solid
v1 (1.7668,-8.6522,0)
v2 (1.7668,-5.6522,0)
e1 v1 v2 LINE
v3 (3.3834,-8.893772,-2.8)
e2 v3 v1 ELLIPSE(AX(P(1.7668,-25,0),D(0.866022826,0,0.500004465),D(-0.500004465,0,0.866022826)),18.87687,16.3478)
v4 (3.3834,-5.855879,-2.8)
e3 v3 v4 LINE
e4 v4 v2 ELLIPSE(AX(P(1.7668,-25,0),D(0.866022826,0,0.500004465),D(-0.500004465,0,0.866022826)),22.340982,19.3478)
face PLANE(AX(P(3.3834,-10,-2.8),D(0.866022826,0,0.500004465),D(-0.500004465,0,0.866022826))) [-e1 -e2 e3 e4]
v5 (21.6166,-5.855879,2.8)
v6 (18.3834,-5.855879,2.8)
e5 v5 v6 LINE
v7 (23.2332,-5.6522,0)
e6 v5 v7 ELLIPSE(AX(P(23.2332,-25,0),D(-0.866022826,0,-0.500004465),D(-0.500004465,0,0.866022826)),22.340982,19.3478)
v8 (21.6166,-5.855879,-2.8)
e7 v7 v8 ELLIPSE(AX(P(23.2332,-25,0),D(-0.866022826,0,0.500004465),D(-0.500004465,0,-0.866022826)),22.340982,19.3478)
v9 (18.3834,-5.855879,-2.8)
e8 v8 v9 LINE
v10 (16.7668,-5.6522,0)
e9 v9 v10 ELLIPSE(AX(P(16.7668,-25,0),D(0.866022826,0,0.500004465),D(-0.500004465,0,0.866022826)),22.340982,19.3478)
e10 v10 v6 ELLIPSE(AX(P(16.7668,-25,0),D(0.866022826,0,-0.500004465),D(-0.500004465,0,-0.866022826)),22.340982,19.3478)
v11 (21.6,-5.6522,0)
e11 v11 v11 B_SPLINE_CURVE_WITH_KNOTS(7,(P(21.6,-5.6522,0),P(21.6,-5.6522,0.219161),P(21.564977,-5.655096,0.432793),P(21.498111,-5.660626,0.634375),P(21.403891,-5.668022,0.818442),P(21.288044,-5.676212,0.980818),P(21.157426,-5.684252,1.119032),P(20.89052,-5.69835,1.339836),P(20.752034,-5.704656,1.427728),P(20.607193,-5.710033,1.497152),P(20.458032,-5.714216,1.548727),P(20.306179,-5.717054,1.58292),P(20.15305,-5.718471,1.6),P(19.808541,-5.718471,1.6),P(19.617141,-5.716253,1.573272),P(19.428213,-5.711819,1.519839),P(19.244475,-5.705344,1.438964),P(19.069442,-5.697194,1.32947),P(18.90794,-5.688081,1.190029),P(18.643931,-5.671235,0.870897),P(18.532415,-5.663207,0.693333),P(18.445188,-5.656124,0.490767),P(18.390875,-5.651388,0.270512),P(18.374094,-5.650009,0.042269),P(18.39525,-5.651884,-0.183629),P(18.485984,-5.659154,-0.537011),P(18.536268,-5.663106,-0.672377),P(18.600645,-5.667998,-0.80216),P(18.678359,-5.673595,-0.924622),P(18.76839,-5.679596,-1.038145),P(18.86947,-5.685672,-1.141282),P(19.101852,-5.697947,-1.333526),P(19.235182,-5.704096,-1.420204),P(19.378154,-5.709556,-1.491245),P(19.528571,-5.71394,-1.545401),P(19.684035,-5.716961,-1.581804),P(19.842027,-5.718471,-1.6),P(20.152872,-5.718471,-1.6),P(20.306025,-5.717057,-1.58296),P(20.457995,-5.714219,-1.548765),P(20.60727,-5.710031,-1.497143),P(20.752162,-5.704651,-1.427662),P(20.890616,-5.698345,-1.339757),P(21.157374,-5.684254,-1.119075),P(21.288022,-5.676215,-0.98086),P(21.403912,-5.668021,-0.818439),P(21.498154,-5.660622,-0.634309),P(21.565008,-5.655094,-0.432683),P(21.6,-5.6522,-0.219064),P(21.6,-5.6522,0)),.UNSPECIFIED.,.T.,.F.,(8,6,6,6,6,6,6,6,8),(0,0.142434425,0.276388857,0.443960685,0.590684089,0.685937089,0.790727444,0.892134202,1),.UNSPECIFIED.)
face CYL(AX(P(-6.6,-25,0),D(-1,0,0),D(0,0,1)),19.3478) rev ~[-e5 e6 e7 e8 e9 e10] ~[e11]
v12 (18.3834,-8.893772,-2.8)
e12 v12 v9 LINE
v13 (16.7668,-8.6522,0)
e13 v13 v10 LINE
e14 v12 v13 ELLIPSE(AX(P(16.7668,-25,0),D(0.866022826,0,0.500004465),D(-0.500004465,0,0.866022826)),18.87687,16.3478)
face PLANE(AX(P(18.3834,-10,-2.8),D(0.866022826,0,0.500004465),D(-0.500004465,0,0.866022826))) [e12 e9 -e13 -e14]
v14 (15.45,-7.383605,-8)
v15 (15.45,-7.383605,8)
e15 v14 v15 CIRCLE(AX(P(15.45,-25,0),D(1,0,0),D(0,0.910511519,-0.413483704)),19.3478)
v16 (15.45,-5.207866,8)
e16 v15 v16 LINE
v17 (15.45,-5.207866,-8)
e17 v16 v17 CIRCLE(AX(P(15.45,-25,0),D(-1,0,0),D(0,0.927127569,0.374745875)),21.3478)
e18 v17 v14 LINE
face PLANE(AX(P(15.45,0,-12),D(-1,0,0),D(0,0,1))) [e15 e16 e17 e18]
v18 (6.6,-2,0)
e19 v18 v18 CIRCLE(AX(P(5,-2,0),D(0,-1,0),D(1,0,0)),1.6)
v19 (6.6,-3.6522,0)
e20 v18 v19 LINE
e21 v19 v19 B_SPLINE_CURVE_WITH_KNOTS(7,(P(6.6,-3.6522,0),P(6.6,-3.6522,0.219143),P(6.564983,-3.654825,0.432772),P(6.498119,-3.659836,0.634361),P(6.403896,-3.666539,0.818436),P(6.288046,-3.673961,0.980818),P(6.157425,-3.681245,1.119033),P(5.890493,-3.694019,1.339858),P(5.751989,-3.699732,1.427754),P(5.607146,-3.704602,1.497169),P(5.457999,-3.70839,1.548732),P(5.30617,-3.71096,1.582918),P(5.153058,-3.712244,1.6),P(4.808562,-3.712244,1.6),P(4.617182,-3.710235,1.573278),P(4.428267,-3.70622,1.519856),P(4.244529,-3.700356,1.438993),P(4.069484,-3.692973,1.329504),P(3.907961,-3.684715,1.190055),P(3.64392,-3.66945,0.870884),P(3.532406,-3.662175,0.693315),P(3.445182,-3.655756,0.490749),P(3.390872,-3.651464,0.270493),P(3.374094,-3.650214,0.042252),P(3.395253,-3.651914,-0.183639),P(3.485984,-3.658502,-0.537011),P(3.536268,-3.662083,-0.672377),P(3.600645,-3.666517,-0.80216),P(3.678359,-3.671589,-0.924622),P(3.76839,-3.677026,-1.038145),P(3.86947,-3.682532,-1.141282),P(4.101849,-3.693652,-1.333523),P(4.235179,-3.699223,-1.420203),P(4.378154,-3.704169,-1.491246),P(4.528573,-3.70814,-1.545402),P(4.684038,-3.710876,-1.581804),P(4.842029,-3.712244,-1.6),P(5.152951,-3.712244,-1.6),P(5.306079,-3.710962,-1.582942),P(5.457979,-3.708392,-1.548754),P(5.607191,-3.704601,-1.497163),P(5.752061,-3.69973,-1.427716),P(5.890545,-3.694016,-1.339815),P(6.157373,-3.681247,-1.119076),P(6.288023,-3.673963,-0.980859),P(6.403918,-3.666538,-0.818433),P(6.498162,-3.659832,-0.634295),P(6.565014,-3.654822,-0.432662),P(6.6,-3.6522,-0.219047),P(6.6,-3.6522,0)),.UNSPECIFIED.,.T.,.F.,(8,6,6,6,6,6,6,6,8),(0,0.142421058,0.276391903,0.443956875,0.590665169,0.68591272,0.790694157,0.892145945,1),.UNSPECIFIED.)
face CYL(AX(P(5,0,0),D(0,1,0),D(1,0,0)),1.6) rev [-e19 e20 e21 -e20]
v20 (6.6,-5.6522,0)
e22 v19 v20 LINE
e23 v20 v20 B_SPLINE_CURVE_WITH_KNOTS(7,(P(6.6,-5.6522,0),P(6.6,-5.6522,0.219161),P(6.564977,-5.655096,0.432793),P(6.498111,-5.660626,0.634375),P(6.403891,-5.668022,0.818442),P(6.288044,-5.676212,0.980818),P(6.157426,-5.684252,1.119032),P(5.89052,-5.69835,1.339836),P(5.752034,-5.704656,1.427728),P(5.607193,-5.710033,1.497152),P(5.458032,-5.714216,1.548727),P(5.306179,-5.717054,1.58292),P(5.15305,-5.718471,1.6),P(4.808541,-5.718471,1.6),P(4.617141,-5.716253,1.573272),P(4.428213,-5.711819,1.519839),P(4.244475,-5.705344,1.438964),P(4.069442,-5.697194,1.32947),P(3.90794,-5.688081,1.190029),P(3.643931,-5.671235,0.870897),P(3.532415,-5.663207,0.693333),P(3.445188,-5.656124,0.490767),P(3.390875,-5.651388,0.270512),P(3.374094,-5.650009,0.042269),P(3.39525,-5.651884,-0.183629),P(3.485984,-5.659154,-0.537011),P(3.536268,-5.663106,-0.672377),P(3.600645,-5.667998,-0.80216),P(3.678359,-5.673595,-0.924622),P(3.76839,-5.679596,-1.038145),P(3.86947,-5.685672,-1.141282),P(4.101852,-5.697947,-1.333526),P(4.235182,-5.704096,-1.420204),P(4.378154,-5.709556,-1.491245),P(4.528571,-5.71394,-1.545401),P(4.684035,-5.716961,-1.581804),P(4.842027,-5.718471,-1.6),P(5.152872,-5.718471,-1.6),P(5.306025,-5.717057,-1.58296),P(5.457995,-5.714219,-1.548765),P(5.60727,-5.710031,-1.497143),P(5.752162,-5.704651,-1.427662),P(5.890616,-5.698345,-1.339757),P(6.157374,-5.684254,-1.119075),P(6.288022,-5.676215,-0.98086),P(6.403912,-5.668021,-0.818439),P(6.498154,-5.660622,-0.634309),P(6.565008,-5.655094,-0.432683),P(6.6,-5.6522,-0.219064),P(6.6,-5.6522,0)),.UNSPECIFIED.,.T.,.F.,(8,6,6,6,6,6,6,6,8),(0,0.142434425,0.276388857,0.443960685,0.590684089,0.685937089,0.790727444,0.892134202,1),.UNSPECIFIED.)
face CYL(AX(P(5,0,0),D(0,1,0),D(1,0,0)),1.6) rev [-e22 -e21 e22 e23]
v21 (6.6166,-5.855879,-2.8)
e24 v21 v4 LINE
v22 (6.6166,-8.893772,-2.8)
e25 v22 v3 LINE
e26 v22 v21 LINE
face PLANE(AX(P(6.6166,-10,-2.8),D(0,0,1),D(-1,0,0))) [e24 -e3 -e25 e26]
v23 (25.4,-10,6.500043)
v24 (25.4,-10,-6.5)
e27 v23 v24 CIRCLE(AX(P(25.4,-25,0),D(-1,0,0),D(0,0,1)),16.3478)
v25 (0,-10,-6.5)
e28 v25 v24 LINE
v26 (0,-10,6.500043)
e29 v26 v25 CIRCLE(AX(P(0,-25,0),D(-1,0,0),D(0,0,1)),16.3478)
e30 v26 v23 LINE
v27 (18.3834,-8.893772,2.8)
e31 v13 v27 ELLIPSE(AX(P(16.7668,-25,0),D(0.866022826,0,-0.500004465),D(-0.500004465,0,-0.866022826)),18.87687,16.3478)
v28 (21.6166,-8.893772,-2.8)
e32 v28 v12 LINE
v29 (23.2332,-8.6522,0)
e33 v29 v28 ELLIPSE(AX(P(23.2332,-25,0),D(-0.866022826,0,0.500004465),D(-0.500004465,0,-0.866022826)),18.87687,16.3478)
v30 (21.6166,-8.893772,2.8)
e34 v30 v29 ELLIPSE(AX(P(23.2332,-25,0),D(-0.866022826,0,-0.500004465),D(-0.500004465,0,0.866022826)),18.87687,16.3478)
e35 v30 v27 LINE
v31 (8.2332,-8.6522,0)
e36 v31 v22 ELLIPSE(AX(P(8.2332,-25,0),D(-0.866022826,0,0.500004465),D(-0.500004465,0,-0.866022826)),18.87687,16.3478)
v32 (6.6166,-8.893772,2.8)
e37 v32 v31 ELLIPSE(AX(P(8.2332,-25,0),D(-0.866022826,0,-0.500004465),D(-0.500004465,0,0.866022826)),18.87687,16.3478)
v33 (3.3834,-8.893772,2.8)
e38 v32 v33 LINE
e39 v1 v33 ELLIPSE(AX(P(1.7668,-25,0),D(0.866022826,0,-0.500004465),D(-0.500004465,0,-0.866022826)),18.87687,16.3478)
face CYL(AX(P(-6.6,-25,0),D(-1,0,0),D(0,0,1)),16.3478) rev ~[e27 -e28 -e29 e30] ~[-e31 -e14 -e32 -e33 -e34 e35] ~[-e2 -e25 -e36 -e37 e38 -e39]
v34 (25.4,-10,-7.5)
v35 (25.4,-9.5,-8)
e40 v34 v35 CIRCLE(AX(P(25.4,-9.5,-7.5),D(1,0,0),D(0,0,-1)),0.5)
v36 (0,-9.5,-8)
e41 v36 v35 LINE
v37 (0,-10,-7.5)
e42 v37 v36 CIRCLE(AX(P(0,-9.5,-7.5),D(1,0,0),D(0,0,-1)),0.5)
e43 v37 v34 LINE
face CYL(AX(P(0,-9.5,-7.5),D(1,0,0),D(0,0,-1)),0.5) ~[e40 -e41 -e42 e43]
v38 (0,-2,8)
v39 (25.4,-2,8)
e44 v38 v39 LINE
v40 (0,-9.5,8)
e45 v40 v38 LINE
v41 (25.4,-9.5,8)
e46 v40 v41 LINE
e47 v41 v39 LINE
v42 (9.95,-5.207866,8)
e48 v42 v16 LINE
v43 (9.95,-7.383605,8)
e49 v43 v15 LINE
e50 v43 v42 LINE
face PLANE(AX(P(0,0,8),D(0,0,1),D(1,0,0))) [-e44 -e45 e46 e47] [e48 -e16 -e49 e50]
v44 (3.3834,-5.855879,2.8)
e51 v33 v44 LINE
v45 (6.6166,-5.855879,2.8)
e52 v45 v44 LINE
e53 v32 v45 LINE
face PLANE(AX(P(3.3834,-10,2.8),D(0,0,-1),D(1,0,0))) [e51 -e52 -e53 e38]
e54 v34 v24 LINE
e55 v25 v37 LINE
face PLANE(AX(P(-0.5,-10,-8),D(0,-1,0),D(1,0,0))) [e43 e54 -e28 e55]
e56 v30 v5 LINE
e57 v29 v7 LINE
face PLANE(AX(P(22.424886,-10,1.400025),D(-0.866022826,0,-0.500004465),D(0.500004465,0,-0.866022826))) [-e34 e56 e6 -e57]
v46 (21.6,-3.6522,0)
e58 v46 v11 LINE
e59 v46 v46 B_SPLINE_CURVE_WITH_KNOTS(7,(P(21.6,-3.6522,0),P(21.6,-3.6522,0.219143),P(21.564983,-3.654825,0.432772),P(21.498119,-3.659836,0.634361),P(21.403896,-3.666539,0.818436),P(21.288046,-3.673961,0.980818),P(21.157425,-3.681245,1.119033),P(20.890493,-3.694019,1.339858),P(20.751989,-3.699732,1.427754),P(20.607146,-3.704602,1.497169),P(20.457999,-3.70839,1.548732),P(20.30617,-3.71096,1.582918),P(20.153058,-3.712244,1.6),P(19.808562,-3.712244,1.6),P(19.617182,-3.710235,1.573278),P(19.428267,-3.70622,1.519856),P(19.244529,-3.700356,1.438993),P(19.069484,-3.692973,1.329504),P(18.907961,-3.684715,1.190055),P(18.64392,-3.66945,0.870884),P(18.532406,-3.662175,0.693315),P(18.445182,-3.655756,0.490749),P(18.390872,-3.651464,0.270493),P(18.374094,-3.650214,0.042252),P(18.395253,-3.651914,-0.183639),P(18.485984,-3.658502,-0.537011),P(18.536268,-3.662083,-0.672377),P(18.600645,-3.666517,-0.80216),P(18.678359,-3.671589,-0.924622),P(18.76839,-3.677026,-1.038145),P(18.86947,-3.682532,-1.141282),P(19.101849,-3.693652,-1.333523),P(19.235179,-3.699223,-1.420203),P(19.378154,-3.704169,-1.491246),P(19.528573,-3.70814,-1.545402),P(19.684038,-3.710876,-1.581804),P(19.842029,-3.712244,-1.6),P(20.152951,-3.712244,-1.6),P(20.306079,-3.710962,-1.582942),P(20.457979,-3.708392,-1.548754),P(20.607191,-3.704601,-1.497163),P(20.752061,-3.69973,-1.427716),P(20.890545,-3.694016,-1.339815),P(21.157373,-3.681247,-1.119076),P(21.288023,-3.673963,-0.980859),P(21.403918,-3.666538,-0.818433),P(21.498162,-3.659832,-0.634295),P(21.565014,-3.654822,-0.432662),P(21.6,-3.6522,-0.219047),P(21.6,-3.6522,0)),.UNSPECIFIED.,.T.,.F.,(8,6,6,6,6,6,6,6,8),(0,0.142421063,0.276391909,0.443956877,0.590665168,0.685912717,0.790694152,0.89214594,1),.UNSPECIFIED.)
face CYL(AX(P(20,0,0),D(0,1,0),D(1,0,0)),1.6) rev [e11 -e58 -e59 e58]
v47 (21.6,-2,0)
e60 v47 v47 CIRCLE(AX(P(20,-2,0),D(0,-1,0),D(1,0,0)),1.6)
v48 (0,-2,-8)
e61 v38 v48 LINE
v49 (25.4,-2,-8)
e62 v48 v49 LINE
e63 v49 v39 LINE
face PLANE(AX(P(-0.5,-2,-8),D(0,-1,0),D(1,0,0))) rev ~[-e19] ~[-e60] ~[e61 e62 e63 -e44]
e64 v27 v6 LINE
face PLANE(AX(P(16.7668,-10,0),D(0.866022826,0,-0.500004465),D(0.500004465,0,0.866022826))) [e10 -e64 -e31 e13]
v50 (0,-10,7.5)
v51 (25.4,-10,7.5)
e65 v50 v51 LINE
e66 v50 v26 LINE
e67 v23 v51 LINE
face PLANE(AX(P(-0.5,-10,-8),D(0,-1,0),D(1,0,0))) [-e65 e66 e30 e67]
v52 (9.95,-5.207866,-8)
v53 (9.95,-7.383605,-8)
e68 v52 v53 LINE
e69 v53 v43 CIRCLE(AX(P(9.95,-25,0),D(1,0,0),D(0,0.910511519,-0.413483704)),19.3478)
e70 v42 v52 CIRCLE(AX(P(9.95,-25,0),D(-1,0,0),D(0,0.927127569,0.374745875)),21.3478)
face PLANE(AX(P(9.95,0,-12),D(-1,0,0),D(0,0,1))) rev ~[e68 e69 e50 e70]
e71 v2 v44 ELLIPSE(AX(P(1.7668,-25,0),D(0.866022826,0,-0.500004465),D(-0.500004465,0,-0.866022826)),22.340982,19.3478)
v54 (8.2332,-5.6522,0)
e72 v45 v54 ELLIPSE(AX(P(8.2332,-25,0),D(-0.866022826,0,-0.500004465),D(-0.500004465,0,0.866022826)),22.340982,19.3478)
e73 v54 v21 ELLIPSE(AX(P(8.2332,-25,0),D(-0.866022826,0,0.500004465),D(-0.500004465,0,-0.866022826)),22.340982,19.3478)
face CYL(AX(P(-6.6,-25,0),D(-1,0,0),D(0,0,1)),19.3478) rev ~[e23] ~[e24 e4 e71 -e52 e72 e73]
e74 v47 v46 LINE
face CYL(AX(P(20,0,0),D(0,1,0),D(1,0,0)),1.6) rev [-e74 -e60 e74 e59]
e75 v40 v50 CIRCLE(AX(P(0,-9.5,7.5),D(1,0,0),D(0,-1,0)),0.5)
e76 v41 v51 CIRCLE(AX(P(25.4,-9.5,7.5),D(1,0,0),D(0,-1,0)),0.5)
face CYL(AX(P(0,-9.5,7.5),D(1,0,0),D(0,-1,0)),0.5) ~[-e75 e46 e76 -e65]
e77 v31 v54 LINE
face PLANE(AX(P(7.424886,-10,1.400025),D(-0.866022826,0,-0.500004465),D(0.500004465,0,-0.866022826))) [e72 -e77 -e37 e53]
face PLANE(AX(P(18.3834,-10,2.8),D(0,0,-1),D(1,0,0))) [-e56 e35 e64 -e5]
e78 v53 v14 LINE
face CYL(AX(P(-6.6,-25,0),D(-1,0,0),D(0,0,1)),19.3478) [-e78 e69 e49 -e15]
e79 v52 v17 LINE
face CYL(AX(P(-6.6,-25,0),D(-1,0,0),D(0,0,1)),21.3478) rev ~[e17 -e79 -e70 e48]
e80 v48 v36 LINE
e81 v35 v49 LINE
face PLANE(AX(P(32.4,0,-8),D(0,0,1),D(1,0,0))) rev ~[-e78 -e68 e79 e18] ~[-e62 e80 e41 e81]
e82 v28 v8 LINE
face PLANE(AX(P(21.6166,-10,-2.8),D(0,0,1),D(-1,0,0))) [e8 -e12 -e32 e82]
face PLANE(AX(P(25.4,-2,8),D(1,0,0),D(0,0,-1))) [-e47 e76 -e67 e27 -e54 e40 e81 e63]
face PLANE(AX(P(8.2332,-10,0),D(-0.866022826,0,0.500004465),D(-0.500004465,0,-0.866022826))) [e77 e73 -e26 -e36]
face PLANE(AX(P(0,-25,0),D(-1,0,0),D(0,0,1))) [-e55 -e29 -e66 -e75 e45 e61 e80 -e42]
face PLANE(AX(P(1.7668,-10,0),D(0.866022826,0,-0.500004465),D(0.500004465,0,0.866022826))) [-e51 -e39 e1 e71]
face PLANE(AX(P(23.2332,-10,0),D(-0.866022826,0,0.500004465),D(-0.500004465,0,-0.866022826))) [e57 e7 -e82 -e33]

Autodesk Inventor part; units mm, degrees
ref_plane "YZ Plane" through (0, 0, 0) normal (1, 0, 0) x (0, 1, 0)
ref_plane "XZ Plane" through (0, 0, 0) normal (0, 1, 0) x (-1, 0, 0)
ref_plane "XY Plane" through (0, 0, 0) normal (0, 0, 1) x (1, 0, 0)
ref_plane "Arbeitsebene1" through (-0.5, 0, -8) normal (0, -1, 0) x (1, 0, 0)
sketch "Skizze1" plane through (-0.5, 0, -8) normal (0, -1, 0) x (1, 0, 0)
  line L0 (-6.1, 20) -> (0.5, 20)
  line L1 (0.5, 20) -> (0.5, -4)
  line L2 (0.5, -4) -> (-6.1, -4)
  line L3 (-6.1, -4) -> (-6.1, 20)
  line L4 (0.5, 0) -> (32.9, 0) projected
  line L5 (0.5, 16) -> (34.9, 16) projected
  line L6 (0.5, 0) -> (34.9, 0)
  line L7 (34.9, 0) -> (34.9, 16)
  line L8 (34.9, 16) -> (0.5, 16)
  line L9 (0.5, 16) -> (0.5, 0)
  circle A0 centre (5.5, 8) radius 1.6 projected
  circle A1 centre (5.5, 8) radius 1.6
  circle A2 centre (20.5, 8) radius 1.6 projected
  circle A3 centre (20.5, 8) radius 1.6
  circle A4 centre (5.5, 8) radius 2.75
  circle A5 centre (20.5, 8) radius 2.75
  point P0 (0.5, 8)
  dimension "d0" = 5.5
  dimension "d1" = 5.5
extrude "Extrusion1" add sketch "Skizze1" along normal blind 10 contours L0 L1 L2 L3 | L5 L7 L6 L4 L1 | A4 | A5
ref_plane "Arbeitsebene2" through (-6.6, 0, -12) normal (-1, 0, 0) x (0, 0, 1)
sketch "Skizze2" plane through (-6.6, 0, -12) normal (-1, 0, 0) x (0, 0, 1)
  line L0 (0, -10) -> (4, -10) projected
  line L1 (0, -10) -> (24, -10)
  line L2 (24, -10) -> (24, -25)
  line L3 (24, -25) -> (0, -25)
  line L4 (0, -25) -> (0, -10)
  line L5 (0, 0) -> (0, -10) projected
  line L6 (0, 0) -> (4, 0) projected
  line L7 (0, -10) -> (2, -10)
  line L8 (2, -10) -> (2, 0)
  line L9 (2, 0) -> (0, 0)
  line L10 (0, 0) -> (0, -10)
  line L11 (4, 0) -> (4, -10) projected
  line L12 (4, -10) -> (20, -10)
  line L13 (20, -10) -> (20, -20)
  line L14 (20, -20) -> (4, -20)
  line L15 (4, -20) -> (4, -10)
  line L16 (4, -10) -> (5.5, -10)
  line L17 (5.5, -10) -> (5.5, -20)
  line L18 (5.5, -20) -> (4, -20)
  line L19 (4, -20) -> (4, -10)
  circle A0 centre (12, -25) radius 16.3478
  line L20 (12, -8.6522) -> (12, -5.6522)
  line L21 (12, -5.6522) -> (12, -3.6522)
  circle A1 centre (12, -25) radius 19.3478
  circle A2 centre (12, -25) radius 21.3478
  line L22 (4, -20) -> (20, -20)
  line L23 (20, -20) -> (20, 0)
  line L24 (20, 0) -> (4, 0)
  line L25 (4, 0) -> (4, -20)
  point P0 (12, 0)
  point P1 (18.5, -10)
  point P2 (20, -7.3836)
  point P3 (20, -5.2079)
  point P4 (4, -5.2079)
  point P5 (4, -7.3836)
  dimension "d4" = 15
  dimension "d5" = 16
  dimension "d6" = 10
  dimension "d7" = 1.5
  dimension "d14" = 3
  dimension "d15" = 2
extrude "Extrusion2" cut sketch "Skizze2" against normal up to surface (41 mm away) contours A0 L1
sketch "Skizze4" plane through (-0.5, -10, -8) normal (0, -1, 0) x (1, 0, 0)
  circle A0 centre (20.5, 8) radius 1.6 projected
  circle A1 centre (20.5, 8) radius 2.8
  circle A2 centre (5.5, 8) radius 1.6 projected
  circle A3 centre (5.5, 8) radius 2.8
  line L0 (7.1166, 10.8) -> (8.7332, 8)
  line L1 (8.7332, 8) -> (7.1166, 5.2)
  line L2 (7.1166, 5.2) -> (3.8834, 5.2)
  line L3 (3.8834, 5.2) -> (2.2668, 8)
  line L4 (2.2668, 8) -> (3.8834, 10.8)
  line L5 (3.8834, 10.8) -> (7.1166, 10.8)
  line L6 (22.1166, 10.8) -> (23.7332, 8)
  line L7 (23.7332, 8) -> (22.1166, 5.2)
  line L8 (22.1166, 5.2) -> (18.8834, 5.2)
  line L9 (18.8834, 5.2) -> (17.2668, 8)
  line L10 (17.2668, 8) -> (18.8834, 10.8)
  line L11 (18.8834, 10.8) -> (22.1166, 10.8)
  point P0 (0.5, 8)
  point P1 (5.5, 10.8)
  point P2 (20.5, 10.8)
  dimension "d29" = 5.6
  dimension "d30" = 5.6
extrude "Extrusion3" cut sketch "Skizze4" against normal blind 5 contours A0 | A1 | A1 L6 L7 | A1 L11 L6 | L7 L8 A1 | A1 L10 L11 | L8 L9 A1 | A1 L9 L10 | A2 | A3 | A3 L0 L1 | A3 L5 L0 | L1 L2 A3 | A3 L4 L5 | L2 L3 A3 | A3 L3 L4
extrude "Extrusion4" cut sketch "Skizze2" against normal blind 38 contours L11 A2 L21 A1 | A1 L21 A2 L23
extrude "Extrusion5" add sketch "Skizze2" against normal blind 32.5 contours L11 A2 L21 A1 | A1 L21 A2 L23
extrude "Extrusion6" cut sketch "Skizze2" against normal blind 22.05 contours L11 A2 L21 A1 | A1 L21 A2 L23
extrude "Extrusion7" add sketch "Skizze2" against normal blind 16.55 contours L11 A2 L21 A1 | A1 L21 A2 L23
extrude "Extrusion8" cut sketch "Skizze1" along normal blind 16.55 contours A0 | A2
extrude "Extrusion9" cut sketch "Skizze1" along normal blind 2 contours L0 L1 L2 L3 | L5 L7 L6 L4 L1 | A4 | A5
fillet "Rundung1" radius 0.5 9 edges at (-3.3, -10, 12) (0, -10, 10) (17.2, -10, 8) (34.4, -10, 7.25) (34.4, -8.6522, 0) (34.4, -10, -7.25) (17.2, -10, -8) (0, -10, -10) (-3.3, -10, -12)
sketch "Skizze6" plane through (34.4, -2, 8) normal (1, 0, 0) x (0, 0, -1)
  line L0 (-31.6615, 20.7831) -> (48.4189, 20.7831)
  line L1 (48.4189, 20.7831) -> (48.4189, -28.9012)
  line L2 (48.4189, -28.9012) -> (-31.6615, -28.9012)
  line L3 (-31.6615, -28.9012) -> (-31.6615, 20.7831)
  point P0 (8, 2)
extrude "Extrusion10" cut sketch "Skizze6" against normal blind 9
sketch "Skizze7" plane through (-6.6, -25, 0) normal (-1, 0, 0) x (0, 0, 1)
  line L0 (-50.9718, 43.6316) -> (27.5939, 43.6316)
  line L1 (27.5939, 43.6316) -> (27.5939, 3.9448)
  line L2 (27.5939, 3.9448) -> (-50.9718, 3.9448)
  line L3 (-50.9718, 3.9448) -> (-50.9718, 43.6316)
  point P0 (0, 25)
extrude "Extrusion11" cut sketch "Skizze7" against normal blind 6.6
properties part number "OBS-Displaymountadapter_schmal"
